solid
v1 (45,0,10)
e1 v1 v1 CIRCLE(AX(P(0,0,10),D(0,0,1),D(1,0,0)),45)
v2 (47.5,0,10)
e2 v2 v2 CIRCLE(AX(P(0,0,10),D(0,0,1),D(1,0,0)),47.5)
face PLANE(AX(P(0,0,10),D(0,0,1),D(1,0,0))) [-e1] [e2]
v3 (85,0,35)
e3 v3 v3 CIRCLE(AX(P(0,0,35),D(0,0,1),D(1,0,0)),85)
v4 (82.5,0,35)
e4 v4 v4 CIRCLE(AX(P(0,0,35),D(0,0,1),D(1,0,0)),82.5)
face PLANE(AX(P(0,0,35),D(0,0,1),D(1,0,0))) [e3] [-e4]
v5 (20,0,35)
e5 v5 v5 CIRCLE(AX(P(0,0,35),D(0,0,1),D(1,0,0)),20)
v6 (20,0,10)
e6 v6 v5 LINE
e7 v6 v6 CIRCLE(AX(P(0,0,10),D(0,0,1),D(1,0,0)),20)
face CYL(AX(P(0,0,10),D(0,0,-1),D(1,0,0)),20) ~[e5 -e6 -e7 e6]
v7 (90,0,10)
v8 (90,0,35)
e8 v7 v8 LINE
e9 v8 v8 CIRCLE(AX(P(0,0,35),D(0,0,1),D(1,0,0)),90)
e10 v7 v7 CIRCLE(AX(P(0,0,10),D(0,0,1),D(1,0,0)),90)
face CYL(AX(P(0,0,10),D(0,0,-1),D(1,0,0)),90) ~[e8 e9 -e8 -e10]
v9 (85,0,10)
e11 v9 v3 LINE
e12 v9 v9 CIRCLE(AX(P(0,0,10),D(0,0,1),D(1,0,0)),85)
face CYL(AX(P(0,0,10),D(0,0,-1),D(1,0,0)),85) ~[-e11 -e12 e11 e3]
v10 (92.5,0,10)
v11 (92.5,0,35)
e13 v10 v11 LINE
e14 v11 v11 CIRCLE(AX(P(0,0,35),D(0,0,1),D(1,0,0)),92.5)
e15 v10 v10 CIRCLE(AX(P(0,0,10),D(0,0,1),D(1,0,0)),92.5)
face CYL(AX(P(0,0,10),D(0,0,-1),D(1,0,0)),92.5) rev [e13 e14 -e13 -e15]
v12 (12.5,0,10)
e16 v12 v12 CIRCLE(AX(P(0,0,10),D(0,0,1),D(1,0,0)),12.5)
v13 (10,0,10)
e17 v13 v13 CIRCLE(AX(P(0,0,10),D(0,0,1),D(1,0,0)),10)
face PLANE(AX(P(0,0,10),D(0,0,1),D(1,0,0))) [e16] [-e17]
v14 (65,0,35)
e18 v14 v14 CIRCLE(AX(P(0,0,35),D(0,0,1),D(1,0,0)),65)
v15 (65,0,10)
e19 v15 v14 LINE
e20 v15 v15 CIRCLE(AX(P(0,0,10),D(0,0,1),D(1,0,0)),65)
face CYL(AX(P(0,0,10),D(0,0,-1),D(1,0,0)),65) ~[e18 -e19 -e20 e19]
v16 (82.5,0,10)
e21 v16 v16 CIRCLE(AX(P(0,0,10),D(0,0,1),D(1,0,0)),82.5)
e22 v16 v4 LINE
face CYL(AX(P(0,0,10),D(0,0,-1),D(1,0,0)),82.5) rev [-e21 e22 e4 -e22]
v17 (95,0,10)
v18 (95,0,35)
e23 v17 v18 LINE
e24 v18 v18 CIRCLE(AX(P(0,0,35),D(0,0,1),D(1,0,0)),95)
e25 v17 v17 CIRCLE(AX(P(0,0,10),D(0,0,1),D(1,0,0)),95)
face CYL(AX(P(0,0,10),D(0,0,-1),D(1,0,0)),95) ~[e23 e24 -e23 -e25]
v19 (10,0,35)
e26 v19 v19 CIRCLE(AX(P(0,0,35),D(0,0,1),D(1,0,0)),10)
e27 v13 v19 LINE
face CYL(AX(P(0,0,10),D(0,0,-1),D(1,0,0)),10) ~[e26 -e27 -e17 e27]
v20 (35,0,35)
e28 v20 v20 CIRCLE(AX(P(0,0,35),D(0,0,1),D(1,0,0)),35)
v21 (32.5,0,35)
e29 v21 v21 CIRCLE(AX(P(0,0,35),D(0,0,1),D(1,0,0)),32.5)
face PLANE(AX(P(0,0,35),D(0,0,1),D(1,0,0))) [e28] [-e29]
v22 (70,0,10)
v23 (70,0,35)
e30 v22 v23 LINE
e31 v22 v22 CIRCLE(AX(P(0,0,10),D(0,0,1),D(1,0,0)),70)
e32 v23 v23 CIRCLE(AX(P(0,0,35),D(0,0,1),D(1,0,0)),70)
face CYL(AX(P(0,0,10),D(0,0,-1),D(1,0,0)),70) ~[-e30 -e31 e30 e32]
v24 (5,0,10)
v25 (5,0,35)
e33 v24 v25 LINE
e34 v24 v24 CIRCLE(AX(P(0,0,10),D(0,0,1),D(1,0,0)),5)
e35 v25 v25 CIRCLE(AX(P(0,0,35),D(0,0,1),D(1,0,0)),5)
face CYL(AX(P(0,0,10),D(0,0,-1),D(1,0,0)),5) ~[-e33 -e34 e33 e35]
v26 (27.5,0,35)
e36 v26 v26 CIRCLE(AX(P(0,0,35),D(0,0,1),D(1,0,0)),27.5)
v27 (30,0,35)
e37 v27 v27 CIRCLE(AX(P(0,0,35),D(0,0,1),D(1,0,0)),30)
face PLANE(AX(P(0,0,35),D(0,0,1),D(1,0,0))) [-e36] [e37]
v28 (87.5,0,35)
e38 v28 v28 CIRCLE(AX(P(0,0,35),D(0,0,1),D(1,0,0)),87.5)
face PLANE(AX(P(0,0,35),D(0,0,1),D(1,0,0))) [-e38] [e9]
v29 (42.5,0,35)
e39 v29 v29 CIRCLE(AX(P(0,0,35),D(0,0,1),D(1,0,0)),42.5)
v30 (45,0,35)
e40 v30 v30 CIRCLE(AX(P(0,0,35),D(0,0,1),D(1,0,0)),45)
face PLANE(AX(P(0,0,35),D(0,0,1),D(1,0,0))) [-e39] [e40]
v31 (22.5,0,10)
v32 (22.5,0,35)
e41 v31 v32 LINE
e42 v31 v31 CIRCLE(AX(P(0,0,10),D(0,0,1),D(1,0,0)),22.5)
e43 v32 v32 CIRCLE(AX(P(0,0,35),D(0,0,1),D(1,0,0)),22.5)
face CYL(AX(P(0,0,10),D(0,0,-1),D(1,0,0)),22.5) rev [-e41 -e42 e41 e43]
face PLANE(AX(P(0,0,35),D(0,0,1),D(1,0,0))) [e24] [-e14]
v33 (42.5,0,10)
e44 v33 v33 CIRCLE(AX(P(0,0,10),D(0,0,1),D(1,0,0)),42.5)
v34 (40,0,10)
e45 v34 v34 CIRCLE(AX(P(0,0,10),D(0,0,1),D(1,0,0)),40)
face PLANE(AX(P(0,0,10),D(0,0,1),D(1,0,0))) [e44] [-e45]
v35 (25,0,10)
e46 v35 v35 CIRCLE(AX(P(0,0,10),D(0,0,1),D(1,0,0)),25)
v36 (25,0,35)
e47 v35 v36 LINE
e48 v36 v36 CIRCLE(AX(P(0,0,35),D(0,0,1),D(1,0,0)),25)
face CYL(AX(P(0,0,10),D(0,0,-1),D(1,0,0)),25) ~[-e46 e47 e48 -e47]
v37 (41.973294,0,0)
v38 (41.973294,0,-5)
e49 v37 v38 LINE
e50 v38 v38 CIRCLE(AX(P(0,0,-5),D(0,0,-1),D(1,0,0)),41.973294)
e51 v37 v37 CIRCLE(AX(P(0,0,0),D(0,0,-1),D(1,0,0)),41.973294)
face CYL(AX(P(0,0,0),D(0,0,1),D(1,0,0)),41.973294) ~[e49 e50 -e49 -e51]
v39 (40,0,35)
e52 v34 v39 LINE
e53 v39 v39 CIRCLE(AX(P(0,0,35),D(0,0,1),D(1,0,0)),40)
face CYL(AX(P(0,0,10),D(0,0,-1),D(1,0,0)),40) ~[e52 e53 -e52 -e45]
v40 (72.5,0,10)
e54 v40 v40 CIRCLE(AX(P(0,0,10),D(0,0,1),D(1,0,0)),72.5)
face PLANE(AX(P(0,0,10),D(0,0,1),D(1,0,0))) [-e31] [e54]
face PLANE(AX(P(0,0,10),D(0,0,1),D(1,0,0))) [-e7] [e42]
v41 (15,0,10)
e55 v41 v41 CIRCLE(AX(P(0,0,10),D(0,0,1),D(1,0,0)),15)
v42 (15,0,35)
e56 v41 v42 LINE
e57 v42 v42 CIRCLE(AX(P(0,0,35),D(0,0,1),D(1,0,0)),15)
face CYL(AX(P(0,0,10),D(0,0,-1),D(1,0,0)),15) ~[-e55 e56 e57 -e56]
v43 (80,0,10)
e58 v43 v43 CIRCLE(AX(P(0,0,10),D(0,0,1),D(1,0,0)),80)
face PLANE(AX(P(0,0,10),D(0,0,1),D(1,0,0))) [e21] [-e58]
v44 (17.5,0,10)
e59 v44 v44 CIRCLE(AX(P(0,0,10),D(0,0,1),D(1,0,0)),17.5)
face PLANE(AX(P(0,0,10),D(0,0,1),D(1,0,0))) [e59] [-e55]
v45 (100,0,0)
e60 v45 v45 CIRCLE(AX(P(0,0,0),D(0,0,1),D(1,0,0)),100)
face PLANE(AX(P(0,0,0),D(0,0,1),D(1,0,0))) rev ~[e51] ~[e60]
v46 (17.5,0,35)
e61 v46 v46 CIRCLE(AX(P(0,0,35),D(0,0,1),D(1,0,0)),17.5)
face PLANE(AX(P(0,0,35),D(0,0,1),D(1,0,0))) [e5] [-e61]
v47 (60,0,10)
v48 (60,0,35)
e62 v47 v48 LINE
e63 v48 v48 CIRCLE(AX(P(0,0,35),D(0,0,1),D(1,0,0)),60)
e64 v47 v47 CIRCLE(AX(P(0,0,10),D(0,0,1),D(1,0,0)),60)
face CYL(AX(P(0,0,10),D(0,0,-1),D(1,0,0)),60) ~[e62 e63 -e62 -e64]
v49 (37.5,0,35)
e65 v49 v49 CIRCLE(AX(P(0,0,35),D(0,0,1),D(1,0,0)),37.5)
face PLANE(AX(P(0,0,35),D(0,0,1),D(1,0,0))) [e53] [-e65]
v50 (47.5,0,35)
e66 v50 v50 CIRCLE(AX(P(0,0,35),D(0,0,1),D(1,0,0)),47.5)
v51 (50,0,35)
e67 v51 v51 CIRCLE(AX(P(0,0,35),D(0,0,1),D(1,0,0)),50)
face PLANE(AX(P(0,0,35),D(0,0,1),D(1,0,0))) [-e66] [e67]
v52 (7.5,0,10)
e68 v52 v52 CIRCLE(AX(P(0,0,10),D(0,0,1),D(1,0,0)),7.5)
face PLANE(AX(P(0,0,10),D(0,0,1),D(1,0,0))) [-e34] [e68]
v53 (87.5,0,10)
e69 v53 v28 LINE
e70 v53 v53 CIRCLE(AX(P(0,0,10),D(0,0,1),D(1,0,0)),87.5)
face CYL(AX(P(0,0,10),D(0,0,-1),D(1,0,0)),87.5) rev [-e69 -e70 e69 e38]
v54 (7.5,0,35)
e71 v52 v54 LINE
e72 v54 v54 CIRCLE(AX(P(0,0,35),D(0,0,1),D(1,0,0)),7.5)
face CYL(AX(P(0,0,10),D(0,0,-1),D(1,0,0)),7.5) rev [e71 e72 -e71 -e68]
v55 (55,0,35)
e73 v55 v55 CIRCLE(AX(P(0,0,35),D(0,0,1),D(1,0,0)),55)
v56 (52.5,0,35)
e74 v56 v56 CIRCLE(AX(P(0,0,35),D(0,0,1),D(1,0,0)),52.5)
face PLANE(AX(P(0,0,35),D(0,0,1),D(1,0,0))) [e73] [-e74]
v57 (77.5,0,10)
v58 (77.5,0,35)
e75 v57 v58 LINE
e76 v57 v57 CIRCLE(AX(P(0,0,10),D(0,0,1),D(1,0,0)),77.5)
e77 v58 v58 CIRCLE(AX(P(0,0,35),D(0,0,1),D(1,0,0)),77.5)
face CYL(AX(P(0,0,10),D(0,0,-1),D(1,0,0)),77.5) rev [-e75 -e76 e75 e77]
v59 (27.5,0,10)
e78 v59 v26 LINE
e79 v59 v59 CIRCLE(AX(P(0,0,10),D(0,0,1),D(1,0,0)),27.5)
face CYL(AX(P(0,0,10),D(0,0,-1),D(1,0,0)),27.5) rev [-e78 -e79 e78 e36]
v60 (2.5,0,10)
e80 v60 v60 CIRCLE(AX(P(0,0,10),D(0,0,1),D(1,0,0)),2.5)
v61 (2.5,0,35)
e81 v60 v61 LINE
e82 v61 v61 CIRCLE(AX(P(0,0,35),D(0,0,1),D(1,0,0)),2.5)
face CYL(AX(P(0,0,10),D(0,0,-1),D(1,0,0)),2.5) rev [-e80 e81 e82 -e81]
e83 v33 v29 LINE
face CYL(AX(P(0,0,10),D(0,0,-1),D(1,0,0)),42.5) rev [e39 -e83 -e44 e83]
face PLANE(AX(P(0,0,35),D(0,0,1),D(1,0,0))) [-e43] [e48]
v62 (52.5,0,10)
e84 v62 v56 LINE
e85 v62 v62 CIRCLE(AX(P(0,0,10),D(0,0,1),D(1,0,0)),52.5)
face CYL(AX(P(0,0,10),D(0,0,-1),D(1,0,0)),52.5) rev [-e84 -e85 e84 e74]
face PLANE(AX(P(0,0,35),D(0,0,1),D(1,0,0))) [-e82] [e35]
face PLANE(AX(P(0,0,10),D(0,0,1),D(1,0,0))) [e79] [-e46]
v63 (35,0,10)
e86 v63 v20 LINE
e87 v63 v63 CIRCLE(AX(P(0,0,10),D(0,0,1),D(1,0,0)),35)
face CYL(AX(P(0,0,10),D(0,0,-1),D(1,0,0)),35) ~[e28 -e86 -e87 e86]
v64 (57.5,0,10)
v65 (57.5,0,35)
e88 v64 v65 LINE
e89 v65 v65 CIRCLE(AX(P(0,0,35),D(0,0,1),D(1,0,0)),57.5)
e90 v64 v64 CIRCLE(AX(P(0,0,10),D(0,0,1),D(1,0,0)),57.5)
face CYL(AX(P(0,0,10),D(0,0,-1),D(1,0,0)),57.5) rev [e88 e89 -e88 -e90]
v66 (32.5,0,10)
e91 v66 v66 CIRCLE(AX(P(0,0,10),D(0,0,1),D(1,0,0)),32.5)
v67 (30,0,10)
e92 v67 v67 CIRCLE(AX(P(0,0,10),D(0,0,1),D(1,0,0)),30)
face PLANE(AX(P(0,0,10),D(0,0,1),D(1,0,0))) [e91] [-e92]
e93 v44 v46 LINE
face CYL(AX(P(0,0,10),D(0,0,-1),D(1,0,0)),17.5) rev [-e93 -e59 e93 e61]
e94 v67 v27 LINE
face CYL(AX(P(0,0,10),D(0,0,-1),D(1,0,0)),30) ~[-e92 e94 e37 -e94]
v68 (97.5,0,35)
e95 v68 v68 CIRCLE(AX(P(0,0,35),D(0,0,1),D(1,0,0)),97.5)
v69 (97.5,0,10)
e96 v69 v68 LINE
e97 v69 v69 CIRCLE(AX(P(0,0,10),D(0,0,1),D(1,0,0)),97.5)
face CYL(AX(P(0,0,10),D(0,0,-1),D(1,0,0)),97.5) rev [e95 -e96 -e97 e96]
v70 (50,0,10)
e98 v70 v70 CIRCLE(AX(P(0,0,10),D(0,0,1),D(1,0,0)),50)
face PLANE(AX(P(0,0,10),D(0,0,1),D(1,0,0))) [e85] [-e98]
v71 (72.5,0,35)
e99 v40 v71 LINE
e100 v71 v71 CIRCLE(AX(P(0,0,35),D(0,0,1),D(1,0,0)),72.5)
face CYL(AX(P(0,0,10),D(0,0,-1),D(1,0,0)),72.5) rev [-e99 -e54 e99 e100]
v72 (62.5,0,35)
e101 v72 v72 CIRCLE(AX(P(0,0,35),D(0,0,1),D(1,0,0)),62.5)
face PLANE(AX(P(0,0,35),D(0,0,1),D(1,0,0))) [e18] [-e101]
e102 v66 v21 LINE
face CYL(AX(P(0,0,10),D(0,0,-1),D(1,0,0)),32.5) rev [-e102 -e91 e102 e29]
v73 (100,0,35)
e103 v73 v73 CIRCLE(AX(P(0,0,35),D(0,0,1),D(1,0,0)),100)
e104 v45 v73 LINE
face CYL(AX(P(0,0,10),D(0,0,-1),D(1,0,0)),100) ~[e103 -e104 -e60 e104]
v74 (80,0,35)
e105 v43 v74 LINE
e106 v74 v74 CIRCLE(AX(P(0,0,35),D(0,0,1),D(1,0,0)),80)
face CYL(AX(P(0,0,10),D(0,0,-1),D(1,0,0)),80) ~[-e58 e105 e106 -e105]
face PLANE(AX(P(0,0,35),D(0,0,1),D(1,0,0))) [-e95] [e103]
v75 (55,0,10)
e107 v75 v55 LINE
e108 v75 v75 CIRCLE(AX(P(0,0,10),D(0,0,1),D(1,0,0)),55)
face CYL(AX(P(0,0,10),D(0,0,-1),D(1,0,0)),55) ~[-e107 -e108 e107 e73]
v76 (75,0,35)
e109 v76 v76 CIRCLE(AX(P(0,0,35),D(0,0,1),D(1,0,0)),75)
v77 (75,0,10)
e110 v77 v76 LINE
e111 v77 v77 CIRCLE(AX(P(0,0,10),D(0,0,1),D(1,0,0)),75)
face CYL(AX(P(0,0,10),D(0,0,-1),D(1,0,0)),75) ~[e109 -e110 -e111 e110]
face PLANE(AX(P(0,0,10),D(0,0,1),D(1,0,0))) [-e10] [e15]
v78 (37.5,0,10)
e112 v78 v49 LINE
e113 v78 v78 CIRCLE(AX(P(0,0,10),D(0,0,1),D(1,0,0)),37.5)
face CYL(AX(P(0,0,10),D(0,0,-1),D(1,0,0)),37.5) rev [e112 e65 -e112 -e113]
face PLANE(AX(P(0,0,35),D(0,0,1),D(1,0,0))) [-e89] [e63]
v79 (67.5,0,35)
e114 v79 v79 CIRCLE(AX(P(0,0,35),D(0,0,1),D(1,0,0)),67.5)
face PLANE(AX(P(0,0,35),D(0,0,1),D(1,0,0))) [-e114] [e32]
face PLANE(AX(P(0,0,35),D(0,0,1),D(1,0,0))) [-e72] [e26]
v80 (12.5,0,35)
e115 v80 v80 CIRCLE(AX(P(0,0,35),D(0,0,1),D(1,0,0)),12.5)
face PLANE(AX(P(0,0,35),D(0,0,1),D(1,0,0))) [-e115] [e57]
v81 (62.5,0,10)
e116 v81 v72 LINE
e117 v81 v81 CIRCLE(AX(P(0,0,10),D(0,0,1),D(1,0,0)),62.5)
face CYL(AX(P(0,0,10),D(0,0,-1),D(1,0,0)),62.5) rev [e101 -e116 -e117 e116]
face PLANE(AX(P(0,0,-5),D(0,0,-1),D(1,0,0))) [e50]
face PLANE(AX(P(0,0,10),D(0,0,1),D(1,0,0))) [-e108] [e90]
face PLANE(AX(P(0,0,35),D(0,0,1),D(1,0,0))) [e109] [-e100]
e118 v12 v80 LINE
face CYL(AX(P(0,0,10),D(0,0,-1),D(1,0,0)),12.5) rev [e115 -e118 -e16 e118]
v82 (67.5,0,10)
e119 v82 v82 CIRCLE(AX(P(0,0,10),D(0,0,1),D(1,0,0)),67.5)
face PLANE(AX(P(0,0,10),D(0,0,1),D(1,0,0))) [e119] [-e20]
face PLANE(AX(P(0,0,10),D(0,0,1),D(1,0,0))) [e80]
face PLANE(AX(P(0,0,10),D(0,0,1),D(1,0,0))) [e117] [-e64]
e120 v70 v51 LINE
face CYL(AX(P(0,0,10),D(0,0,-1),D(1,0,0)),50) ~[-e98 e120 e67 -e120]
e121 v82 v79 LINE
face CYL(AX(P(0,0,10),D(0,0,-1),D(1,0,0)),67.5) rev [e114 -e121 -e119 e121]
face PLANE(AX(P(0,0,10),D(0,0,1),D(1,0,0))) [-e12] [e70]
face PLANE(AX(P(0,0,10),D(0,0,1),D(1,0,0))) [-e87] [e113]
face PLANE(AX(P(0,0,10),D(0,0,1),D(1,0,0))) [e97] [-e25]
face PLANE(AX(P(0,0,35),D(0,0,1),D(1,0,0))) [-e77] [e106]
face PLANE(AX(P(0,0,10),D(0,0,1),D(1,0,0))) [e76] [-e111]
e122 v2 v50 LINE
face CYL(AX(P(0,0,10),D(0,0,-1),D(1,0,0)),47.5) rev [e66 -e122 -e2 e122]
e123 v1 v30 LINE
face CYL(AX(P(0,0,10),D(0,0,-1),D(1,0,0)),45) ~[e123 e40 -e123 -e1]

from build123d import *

# Parameters (mm, degrees)
F0_R     = 100
F1_DEPTH = 10
F2_R     = 100
F2_R_2   = 97.5
F2_R_3   = 95
F2_R_4   = 92.5
F2_R_5   = 90
F2_R_6   = 87.5
F2_R_7   = 85
F2_R_8   = 82.5
F2_R_9   = 80
F2_R_10  = 77.5
F2_R_11  = 75
F2_R_12  = 72.5
F2_R_13  = 70
F2_R_14  = 67.5
F2_R_15  = 65
F2_R_16  = 62.5
F2_R_17  = 60
F2_R_18  = 57.5
F2_R_19  = 55
F2_R_20  = 52.5
F2_R_21  = 50
F2_R_22  = 47.5
F2_R_23  = 45
F2_R_24  = 42.5
F2_R_25  = 40
F2_R_26  = 37.5
F2_R_27  = 35
F2_R_28  = 32.5
F2_R_29  = 30
F2_R_30  = 27.5
F2_R_31  = 25
F2_R_32  = 22.5
F2_R_33  = 20
F2_R_34  = 17.5
F2_R_35  = 15
F2_R_36  = 12.5
F2_R_37  = 10
F2_R_38  = 7.5
F2_R_39  = 5
F2_R_40  = 2.5
F3_DEPTH = 25
F4_R     = 41.973294
F5_DEPTH = 5


with BuildPart() as f1:
    # F0 (on Top) → F1 (new body)
    with BuildSketch(Plane.XY):
        Circle(F0_R)
    extrude(amount=F1_DEPTH)

    # F2 (on face) → F3 (join)
    with BuildSketch(Plane.XY.offset(10)):
        Circle(F2_R)
        Circle(F2_R_2, mode=Mode.SUBTRACT)
        Circle(F2_R_3)
        Circle(F2_R_4, mode=Mode.SUBTRACT)
        Circle(F2_R_5)
        Circle(F2_R_6, mode=Mode.SUBTRACT)
        Circle(F2_R_7)
        Circle(F2_R_8, mode=Mode.SUBTRACT)
        Circle(F2_R_9)
        Circle(F2_R_10, mode=Mode.SUBTRACT)
        Circle(F2_R_11)
        Circle(F2_R_12, mode=Mode.SUBTRACT)
        Circle(F2_R_13)
        Circle(F2_R_14, mode=Mode.SUBTRACT)
        Circle(F2_R_15)
        Circle(F2_R_16, mode=Mode.SUBTRACT)
        Circle(F2_R_17)
        Circle(F2_R_18, mode=Mode.SUBTRACT)
        Circle(F2_R_19)
        Circle(F2_R_20, mode=Mode.SUBTRACT)
        Circle(F2_R_21)
        Circle(F2_R_22, mode=Mode.SUBTRACT)
        Circle(F2_R_23)
        Circle(F2_R_24, mode=Mode.SUBTRACT)
        Circle(F2_R_25)
        Circle(F2_R_26, mode=Mode.SUBTRACT)
        Circle(F2_R_27)
        Circle(F2_R_28, mode=Mode.SUBTRACT)
        Circle(F2_R_29)
        Circle(F2_R_30, mode=Mode.SUBTRACT)
        Circle(F2_R_31)
        Circle(F2_R_32, mode=Mode.SUBTRACT)
        Circle(F2_R_33)
        Circle(F2_R_34, mode=Mode.SUBTRACT)
        Circle(F2_R_35)
        Circle(F2_R_36, mode=Mode.SUBTRACT)
        Circle(F2_R_37)
        Circle(F2_R_38, mode=Mode.SUBTRACT)
        Circle(F2_R_39)
        Circle(F2_R_40, mode=Mode.SUBTRACT)
    extrude(amount=F3_DEPTH)

    # F4 (on face) → F5 (join)
    with BuildSketch(Plane(origin=(0, 0, 0), x_dir=(1, 0, 0), z_dir=(0, 0, -1))):
        Circle(F4_R)
    extrude(amount=F5_DEPTH)


solid = f1.part
